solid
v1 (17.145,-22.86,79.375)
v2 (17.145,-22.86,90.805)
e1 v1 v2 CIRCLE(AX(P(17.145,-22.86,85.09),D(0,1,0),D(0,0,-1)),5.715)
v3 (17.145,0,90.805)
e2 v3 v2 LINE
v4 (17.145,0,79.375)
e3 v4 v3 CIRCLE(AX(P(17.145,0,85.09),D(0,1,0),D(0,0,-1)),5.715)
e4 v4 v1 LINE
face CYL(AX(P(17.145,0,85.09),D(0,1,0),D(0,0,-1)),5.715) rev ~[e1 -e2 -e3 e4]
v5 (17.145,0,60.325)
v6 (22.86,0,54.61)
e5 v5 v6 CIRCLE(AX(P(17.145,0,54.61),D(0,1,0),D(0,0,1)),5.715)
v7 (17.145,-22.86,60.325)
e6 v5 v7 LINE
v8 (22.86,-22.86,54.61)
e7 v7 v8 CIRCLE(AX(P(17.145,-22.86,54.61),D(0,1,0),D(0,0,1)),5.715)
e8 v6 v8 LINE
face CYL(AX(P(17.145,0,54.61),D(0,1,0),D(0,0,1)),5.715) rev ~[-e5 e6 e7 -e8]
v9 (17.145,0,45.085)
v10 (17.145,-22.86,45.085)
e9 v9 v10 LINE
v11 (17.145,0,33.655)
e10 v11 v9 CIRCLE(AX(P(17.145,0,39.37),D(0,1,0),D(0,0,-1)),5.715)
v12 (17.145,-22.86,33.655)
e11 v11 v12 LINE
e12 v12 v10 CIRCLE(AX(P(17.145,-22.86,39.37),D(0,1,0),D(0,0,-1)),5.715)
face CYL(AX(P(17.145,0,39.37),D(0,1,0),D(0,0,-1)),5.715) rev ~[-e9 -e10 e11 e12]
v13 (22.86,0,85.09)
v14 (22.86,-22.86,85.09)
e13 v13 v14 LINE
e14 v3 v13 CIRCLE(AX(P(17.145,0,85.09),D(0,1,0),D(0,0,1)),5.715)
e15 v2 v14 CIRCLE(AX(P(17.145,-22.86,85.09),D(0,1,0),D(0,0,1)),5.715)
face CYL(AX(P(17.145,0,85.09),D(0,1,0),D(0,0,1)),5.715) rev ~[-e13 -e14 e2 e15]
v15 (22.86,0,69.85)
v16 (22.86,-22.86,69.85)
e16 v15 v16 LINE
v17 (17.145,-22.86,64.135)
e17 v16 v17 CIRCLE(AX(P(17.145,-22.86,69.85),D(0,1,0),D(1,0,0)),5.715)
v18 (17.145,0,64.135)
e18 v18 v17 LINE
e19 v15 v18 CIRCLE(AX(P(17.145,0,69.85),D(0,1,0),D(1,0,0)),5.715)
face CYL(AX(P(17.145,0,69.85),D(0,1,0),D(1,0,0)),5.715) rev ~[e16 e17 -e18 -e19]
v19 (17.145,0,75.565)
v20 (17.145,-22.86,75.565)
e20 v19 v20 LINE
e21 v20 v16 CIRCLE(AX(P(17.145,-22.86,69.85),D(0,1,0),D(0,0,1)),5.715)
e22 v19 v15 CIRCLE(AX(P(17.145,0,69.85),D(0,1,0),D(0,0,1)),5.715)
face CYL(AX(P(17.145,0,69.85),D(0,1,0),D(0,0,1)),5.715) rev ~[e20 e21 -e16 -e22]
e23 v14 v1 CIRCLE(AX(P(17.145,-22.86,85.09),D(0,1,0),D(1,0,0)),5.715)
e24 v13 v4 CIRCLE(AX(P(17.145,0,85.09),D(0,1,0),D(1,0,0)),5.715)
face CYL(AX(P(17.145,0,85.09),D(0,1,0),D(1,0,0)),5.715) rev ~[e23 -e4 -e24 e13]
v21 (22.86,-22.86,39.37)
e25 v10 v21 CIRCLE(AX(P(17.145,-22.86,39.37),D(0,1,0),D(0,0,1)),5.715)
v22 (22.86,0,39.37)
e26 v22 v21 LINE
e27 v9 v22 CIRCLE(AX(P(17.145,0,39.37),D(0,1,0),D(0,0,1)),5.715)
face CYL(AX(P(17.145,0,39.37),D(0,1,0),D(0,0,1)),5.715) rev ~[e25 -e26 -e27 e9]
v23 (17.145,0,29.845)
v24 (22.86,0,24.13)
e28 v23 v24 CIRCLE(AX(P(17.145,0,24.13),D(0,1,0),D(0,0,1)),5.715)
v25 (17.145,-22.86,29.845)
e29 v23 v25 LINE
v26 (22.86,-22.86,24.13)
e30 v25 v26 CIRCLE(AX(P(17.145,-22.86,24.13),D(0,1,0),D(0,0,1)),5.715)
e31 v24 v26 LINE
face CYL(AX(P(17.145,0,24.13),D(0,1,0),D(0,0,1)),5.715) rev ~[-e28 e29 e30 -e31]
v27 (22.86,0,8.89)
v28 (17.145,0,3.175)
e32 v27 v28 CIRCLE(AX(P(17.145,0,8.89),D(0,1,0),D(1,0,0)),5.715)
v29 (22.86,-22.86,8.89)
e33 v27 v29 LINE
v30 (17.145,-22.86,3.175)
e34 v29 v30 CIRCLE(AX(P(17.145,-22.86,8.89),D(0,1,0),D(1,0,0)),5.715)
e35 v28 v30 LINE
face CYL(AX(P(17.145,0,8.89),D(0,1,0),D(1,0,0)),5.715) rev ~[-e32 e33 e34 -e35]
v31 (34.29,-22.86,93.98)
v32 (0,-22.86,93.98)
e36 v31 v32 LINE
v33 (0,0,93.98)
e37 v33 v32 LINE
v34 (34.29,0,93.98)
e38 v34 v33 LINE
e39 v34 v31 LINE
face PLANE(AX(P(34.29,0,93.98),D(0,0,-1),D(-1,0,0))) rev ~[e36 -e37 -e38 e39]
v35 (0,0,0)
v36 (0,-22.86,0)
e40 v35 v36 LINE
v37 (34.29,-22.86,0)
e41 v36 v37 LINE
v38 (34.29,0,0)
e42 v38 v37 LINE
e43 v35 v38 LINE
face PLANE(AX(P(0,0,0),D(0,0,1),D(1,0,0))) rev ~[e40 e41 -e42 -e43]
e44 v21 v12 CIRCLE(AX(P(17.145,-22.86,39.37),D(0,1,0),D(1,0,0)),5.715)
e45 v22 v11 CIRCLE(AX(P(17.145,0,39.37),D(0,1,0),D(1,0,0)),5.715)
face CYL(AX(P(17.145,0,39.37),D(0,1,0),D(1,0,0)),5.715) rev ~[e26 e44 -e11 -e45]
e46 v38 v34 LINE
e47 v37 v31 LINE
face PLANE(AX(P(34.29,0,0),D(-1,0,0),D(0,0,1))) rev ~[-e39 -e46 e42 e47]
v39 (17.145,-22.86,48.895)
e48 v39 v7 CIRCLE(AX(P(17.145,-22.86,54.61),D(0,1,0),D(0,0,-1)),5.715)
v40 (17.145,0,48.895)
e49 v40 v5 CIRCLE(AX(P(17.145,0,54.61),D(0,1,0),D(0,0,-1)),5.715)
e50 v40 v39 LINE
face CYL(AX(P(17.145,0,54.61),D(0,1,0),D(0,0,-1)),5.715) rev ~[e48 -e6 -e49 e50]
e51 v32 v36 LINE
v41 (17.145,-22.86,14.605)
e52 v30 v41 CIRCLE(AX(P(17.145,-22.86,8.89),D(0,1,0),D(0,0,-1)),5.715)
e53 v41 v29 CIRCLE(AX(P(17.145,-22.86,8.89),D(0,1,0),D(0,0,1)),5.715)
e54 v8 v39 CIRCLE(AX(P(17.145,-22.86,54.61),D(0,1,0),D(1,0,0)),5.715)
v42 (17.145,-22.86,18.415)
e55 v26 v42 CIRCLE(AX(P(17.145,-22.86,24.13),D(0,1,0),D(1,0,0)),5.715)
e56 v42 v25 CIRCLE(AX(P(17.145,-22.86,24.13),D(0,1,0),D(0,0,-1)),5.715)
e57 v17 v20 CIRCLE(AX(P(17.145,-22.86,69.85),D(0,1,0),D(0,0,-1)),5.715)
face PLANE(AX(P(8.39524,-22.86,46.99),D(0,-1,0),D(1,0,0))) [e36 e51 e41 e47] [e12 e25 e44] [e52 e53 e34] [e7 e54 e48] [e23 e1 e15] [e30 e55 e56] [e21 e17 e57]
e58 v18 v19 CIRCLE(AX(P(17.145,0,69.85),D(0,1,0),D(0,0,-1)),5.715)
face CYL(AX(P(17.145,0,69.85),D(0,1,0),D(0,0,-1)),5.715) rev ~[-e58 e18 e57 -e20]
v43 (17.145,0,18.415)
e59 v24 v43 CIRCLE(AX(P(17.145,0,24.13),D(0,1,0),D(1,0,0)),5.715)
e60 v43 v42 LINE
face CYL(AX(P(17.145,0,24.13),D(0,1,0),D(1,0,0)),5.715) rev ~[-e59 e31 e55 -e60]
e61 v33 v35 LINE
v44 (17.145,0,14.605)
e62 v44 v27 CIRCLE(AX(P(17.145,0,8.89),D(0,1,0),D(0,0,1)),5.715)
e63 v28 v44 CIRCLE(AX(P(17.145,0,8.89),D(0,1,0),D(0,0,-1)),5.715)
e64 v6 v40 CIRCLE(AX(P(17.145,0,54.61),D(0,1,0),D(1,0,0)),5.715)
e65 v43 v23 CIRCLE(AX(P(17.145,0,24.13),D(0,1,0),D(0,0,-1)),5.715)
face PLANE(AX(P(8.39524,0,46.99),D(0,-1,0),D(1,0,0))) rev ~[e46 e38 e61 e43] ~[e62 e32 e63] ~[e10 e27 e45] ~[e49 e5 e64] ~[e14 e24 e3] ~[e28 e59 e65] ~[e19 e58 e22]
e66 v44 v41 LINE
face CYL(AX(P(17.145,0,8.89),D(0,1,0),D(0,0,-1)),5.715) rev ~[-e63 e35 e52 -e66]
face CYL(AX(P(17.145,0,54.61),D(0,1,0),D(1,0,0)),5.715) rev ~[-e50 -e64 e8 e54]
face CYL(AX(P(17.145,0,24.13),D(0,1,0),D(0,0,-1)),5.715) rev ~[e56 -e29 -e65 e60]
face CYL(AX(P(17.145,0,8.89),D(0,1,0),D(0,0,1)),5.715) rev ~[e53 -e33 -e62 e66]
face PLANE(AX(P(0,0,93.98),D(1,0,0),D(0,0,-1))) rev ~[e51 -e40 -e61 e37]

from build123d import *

# Parameters (mm, degrees)
F1_DEPTH = 22.86


with BuildPart() as f1:
    # F0 (on Front) → F1 (new body)
    with BuildSketch(Plane.XZ):
        with BuildLine():
            Line((0, 93.98), (0, 0))
            Line((0, 0), (17.145, 0))
            Line((17.145, 0), (17.145, 3.175))
            ThreePointArc((17.145, 3.175), (11.43, 8.89), (17.145, 14.605))
            Line((17.145, 14.605), (17.145, 18.415))
            ThreePointArc((17.145, 18.415), (11.43, 24.13), (17.145, 29.845))
            Line((17.145, 29.845), (17.145, 33.655))
            ThreePointArc((17.145, 33.655), (11.43, 39.37), (17.145, 45.085))
            Line((17.145, 45.085), (17.145, 48.895))
            ThreePointArc((17.145, 48.895), (11.43, 54.61), (17.145, 60.325))
            Line((17.145, 60.325), (17.145, 64.135))
            ThreePointArc((17.145, 64.135), (11.43, 69.85), (17.145, 75.565))
            Line((17.145, 75.565), (17.145, 79.375))
            ThreePointArc((17.145, 79.375), (11.43, 85.09), (17.145, 90.805))
            Line((17.145, 90.805), (17.145, 93.98))
            Line((17.145, 93.98), (0, 93.98))
        make_face()
        with BuildLine():
            Line((17.145, 3.175), (17.145, 0))
            Line((17.145, 0), (34.29, 0))
            Line((34.29, 0), (34.29, 93.98))
            Line((34.29, 93.98), (17.145, 93.98))
            Line((17.145, 93.98), (17.145, 90.805))
            ThreePointArc((17.145, 90.805), (21.1861152545, 89.1311152545), (22.86, 85.09))
            ThreePointArc((22.86, 85.09), (21.1861152545, 81.0488847455), (17.145, 79.375))
            Line((17.145, 79.375), (17.145, 75.565))
            ThreePointArc((17.145, 75.565), (21.1861152545, 73.8911152545), (22.86, 69.85))
            ThreePointArc((22.86, 69.85), (21.1861152545, 65.8088847455), (17.145, 64.135))
            Line((17.145, 64.135), (17.145, 60.325))
            ThreePointArc((17.145, 60.325), (21.1861152545, 58.6511152545), (22.86, 54.61))
            ThreePointArc((22.86, 54.61), (21.1861152545, 50.5688847455), (17.145, 48.895))
            Line((17.145, 48.895), (17.145, 45.085))
            ThreePointArc((17.145, 45.085), (21.1861152545, 43.4111152545), (22.86, 39.37))
            ThreePointArc((22.86, 39.37), (21.1861152545, 35.3288847455), (17.145, 33.655))
            Line((17.145, 33.655), (17.145, 29.845))
            ThreePointArc((17.145, 29.845), (21.1861152545, 28.1711152545), (22.86, 24.13))
            ThreePointArc((22.86, 24.13), (21.1861152545, 20.0888847455), (17.145, 18.415))
            Line((17.145, 18.415), (17.145, 14.605))
            ThreePointArc((17.145, 14.605), (21.1861152545, 12.9311152545), (22.86, 8.89))
            ThreePointArc((22.86, 8.89), (21.1861152545, 4.8488847455), (17.145, 3.175))
        make_face()
    extrude(amount=F1_DEPTH)


solid = f1.part
